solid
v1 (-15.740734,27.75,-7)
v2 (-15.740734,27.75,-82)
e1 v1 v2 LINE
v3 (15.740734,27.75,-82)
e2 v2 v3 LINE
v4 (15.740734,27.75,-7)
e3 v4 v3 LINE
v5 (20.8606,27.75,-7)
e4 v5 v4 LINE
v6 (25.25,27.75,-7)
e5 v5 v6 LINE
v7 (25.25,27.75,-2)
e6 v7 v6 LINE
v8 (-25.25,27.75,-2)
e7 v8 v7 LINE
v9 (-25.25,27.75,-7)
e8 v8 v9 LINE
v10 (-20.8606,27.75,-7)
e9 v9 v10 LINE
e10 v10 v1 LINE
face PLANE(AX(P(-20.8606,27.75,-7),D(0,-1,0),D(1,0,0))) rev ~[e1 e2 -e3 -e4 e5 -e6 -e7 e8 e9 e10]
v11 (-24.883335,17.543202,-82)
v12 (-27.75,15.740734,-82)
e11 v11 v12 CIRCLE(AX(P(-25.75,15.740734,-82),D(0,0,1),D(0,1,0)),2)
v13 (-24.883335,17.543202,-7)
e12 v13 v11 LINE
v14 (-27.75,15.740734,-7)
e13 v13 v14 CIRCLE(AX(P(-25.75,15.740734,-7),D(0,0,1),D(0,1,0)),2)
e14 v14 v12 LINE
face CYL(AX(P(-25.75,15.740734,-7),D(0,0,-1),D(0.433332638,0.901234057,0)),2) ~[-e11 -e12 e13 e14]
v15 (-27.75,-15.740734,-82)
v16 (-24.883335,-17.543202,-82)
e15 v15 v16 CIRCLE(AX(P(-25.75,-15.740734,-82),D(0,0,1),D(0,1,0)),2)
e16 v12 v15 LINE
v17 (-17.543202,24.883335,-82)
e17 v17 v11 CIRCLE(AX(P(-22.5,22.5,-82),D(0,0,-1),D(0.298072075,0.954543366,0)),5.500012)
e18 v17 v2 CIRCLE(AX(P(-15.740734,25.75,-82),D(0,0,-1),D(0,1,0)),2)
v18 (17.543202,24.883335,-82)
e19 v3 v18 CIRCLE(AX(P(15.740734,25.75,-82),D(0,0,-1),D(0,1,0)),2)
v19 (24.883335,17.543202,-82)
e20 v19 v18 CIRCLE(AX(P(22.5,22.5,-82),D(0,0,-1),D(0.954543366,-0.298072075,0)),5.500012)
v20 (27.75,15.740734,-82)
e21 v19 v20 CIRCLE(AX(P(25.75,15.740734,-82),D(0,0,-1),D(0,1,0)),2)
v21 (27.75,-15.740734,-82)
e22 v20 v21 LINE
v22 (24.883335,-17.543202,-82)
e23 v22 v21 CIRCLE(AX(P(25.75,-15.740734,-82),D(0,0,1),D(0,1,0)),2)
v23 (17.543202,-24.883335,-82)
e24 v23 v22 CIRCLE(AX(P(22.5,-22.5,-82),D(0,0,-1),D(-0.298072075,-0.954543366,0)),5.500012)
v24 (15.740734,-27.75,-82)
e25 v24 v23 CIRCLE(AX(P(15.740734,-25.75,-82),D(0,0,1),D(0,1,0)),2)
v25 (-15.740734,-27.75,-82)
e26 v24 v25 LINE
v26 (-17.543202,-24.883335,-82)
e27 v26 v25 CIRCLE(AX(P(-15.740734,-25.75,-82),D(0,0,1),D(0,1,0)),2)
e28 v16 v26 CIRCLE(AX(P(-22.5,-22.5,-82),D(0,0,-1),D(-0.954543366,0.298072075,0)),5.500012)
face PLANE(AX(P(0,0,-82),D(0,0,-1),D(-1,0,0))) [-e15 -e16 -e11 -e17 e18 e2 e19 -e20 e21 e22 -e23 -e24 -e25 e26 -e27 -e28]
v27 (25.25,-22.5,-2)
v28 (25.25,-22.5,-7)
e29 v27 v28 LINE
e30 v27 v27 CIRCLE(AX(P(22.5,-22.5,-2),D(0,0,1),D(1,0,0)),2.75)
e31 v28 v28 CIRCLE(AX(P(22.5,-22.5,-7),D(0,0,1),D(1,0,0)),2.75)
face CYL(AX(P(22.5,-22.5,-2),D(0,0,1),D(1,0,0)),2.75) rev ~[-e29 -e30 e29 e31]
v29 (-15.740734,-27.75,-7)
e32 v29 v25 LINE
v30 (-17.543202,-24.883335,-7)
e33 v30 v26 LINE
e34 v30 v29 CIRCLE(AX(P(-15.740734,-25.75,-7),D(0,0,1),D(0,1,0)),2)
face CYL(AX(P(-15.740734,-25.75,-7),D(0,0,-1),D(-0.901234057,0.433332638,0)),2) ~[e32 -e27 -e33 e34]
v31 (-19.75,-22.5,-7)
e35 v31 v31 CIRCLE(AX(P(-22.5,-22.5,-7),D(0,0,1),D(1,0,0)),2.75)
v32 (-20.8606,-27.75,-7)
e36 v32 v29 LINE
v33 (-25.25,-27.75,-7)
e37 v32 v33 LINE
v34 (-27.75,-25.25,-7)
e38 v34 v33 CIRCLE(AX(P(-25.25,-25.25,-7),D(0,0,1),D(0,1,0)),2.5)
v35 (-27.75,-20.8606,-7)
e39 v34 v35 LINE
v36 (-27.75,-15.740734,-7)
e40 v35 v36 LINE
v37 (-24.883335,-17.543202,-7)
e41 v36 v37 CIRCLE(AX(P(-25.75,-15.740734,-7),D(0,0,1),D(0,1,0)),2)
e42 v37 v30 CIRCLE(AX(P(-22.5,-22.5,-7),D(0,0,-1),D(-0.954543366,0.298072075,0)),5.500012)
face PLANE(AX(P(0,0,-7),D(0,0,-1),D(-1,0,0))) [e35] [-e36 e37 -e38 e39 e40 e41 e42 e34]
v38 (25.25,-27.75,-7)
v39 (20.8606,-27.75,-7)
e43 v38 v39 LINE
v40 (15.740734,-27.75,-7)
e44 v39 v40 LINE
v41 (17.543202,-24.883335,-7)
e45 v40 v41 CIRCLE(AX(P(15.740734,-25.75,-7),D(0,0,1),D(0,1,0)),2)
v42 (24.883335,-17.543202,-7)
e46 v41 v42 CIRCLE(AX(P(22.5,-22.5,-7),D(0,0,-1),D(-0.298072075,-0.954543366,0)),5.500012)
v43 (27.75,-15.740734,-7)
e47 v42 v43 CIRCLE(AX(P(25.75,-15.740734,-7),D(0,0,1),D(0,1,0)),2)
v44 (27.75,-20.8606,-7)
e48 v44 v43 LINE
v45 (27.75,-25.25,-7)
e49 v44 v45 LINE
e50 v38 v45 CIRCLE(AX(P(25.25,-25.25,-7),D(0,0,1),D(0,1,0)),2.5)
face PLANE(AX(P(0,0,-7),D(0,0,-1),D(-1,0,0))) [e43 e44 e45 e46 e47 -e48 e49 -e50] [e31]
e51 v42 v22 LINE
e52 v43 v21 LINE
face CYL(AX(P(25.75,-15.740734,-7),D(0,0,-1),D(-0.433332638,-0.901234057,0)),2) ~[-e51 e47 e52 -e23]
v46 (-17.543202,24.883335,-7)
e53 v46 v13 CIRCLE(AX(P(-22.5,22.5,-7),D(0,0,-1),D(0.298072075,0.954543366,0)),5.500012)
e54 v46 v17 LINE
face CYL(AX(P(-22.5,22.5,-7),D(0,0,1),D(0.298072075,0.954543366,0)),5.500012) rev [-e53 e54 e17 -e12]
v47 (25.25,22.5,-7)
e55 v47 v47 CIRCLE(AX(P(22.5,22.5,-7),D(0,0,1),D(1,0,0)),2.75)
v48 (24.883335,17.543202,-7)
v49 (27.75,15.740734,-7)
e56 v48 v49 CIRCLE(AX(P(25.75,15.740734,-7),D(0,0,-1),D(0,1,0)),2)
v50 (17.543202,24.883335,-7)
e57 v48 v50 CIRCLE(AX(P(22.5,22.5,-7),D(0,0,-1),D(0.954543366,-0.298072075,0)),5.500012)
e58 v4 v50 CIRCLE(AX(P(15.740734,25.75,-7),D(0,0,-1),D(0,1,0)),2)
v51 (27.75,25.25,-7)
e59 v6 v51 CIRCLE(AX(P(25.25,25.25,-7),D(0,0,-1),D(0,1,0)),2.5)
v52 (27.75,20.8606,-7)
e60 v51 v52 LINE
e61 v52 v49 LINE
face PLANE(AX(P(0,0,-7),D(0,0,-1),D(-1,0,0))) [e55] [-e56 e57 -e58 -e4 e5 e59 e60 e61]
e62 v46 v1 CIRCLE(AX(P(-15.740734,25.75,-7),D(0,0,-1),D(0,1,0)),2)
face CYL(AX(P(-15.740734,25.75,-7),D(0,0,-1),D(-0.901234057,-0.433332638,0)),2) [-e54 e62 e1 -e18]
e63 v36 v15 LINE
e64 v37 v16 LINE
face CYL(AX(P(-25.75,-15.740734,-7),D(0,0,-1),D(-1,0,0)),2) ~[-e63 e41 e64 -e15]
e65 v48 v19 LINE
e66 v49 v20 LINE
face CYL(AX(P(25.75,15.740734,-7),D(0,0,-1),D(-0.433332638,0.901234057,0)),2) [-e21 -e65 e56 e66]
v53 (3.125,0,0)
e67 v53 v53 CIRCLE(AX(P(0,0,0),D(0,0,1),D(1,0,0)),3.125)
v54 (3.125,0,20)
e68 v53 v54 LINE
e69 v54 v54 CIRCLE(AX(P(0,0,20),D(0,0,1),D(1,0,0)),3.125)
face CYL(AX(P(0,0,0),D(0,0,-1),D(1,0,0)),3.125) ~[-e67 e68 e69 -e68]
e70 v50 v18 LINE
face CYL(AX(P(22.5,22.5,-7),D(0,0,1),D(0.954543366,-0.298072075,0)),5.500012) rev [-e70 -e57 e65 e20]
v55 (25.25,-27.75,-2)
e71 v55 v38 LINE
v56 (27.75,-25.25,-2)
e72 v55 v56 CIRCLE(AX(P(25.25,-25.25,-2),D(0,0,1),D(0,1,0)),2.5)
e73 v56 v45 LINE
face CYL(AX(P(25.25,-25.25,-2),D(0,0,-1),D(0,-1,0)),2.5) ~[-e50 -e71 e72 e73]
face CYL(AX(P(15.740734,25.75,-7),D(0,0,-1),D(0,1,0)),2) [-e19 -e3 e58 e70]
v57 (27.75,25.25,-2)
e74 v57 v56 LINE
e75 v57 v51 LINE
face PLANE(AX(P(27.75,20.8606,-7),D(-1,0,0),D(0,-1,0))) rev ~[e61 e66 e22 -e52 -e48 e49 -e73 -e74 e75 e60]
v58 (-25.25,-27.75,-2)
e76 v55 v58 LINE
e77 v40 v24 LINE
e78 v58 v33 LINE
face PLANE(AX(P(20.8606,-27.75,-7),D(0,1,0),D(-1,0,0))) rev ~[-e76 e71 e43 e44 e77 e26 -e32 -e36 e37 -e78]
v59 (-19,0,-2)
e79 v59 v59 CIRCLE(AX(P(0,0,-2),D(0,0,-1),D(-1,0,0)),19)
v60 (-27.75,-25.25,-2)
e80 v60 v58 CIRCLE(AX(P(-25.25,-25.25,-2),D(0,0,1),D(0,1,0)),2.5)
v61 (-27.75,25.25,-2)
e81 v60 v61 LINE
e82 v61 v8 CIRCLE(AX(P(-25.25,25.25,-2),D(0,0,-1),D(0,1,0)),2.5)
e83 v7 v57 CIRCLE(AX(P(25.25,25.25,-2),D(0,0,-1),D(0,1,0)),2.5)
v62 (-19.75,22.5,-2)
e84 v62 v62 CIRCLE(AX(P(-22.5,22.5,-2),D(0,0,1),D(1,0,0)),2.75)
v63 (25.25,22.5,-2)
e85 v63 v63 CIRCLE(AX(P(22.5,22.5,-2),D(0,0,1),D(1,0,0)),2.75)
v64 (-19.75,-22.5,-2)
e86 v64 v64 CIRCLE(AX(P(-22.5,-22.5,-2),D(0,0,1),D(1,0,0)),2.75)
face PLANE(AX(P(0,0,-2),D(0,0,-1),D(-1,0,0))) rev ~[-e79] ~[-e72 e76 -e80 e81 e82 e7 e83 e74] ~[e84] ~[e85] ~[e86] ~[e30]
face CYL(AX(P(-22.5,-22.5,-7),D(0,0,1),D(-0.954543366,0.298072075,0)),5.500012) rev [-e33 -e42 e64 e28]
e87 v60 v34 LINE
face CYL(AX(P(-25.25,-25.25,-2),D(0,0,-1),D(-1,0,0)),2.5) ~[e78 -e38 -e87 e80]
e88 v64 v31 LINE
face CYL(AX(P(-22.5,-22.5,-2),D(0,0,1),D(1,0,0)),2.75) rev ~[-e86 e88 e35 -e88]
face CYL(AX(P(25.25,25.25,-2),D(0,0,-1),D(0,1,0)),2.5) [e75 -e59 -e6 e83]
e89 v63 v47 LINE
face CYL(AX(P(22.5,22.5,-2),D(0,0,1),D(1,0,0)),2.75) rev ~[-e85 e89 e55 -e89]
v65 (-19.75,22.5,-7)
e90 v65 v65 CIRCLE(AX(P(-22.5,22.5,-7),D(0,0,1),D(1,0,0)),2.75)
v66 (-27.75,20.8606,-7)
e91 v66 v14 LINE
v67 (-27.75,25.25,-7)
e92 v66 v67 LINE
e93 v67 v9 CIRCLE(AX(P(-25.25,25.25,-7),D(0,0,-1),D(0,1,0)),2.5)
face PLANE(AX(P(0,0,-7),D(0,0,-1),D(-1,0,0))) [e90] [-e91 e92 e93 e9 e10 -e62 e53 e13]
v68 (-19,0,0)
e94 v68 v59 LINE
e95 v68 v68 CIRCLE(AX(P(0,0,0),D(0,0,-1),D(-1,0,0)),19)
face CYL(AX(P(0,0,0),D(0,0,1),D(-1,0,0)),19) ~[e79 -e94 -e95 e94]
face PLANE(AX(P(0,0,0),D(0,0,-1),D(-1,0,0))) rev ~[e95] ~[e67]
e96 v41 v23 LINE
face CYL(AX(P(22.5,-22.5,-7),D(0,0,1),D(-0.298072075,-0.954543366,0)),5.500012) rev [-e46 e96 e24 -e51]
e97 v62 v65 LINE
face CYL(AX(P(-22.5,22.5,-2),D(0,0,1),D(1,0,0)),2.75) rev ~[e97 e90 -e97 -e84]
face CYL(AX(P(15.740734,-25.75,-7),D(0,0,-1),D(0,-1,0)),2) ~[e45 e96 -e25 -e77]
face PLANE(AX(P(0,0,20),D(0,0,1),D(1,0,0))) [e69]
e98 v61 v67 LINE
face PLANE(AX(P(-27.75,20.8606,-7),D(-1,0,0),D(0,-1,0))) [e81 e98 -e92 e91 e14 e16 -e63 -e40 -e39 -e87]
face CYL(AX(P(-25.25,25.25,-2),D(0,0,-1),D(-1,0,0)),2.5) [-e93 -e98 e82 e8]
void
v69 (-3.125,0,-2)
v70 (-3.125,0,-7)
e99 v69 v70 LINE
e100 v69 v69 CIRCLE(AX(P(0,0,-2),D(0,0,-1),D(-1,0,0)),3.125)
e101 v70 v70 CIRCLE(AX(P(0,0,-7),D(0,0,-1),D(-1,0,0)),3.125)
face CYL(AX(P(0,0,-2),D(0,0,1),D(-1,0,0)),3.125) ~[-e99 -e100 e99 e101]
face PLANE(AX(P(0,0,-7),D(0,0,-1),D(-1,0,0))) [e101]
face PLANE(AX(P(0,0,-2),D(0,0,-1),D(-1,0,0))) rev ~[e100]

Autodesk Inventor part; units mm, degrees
ref_plane "YZ Plane" through (0, 0, 0) normal (1, 0, 0) x (0, 1, 0)
ref_plane "XZ Plane" through (0, 0, 0) normal (0, 1, 0) x (-1, 0, 0)
ref_plane "XY Plane" through (0, 0, 0) normal (0, 0, 1) x (1, 0, 0)
sketch "Sketch1" plane through (0, 0, 0) normal (0, 0, 1) x (1, 0, 0)
  circle A0 centre (0, 0) radius 3.125
  dimension "d0" = 6.25
extrude "Extrusion1" add sketch "Sketch1" along normal blind 20
sketch "Sketch2" plane through (0, 0, 0) normal (0, 0, -1) x (-1, 0, 0)
  circle A0 centre (0, 0) radius 19
  dimension "d3" = 38
extrude "Extrusion2" add sketch "Sketch2" along normal blind 2
sketch "Sketch3" plane through (0, 0, -2) normal (0, 0, -1) x (-1, 0, 0)
  circle A0 centre (0, 0) radius 3.125 projected
  line L0 (27.75, 27.75) -> (-27.75, 27.75)
  line L1 (-27.75, 27.75) -> (-27.75, -27.75)
  line L2 (-27.75, -27.75) -> (27.75, -27.75)
  line L3 (27.75, -27.75) -> (27.75, 27.75)
  point P0 (27.75, 0)
  point P1 (0, 27.75)
  dimension "d6" = 55.5
extrude "Extrusion3" add sketch "Sketch3" along normal blind 5
fillet "Fillet1" radius 2.5 4 edges at (27.75, 27.75, -4.5) (-27.75, 27.75, -4.5) (-27.75, -27.75, -4.5) (27.75, -27.75, -4.5)
sketch "Sketch4" plane through (0, 0, -2) normal (0, 0, 1) x (1, 0, 0)
  arc A0 (25.25, -27.75) -> (27.75, -25.25) centre (25.25, -25.25) ccw projected
  line L0 (27.75, 25.25) -> (27.75, -25.25) projected
  arc A1 (27.75, 25.25) -> (25.25, 27.75) centre (25.25, 25.25) ccw projected
  line L1 (-25.25, 27.75) -> (25.25, 27.75) projected
  arc A2 (-25.25, 27.75) -> (-27.75, 25.25) centre (-25.25, 25.25) ccw projected
  line L2 (-27.75, -25.25) -> (-27.75, 25.25) projected
  arc A3 (-27.75, -25.25) -> (-25.25, -27.75) centre (-25.25, -25.25) ccw projected
  line L3 (25.25, -27.75) -> (-25.25, -27.75) projected
  circle A4 centre (0, 0) radius 19 projected
  line L4 (-22.5, 22.5) -> (22.5, 22.5) construction
  line L5 (22.5, 22.5) -> (22.5, -22.5) construction
  line L6 (22.5, -22.5) -> (-22.5, -22.5) construction
  line L7 (-22.5, -22.5) -> (-22.5, 22.5) construction
  circle A5 centre (22.5, 22.5) radius 2.75
  circle A6 centre (-22.5, 22.5) radius 2.75
  circle A7 centre (-22.5, -22.5) radius 2.75
  circle A8 centre (22.5, -22.5) radius 2.75
  point P0 (-22.5, 0)
  point P1 (0, 22.5)
  dimension "d10" = 45
  dimension "d11" = 5.5
extrude "Extrusion4" cut sketch "Sketch4" against normal through all contours A5 | A6 | A7 | A8
sketch "Sketch5" plane through (0, 0, -7) normal (0, 0, -1) x (-1, 0, 0)
  circle A0 centre (22.5, -22.5) radius 2.75 construction
  circle A1 centre (-22.5, 22.5) radius 2.75 construction
  circle A2 centre (22.5, 22.5) radius 2.75 construction
  circle A3 centre (-22.5, -22.5) radius 2.75 construction
  arc A4 (-27.75, -25.25) -> (-25.25, -27.75) centre (-25.25, -25.25) ccw construction
  line L0 (-25.25, -27.75) -> (25.25, -27.75) construction
  arc A5 (25.25, -27.75) -> (27.75, -25.25) centre (25.25, -25.25) ccw construction
  line L1 (27.75, -25.25) -> (27.75, 25.25) construction
  arc A6 (27.75, 25.25) -> (25.25, 27.75) centre (25.25, 25.25) ccw construction
  line L2 (25.25, 27.75) -> (-25.25, 27.75) construction
  arc A7 (-25.25, 27.75) -> (-27.75, 25.25) centre (-25.25, 25.25) ccw construction
  line L3 (-27.75, 25.25) -> (-27.75, -25.25) construction
  circle A8 centre (0, 0) radius 3.125 construction
  circle A9 centre (22.5, 22.5) radius 2.75 projected
  arc A10 (20.8606, 27.75) -> (27.75, 20.8606) centre (22.5, 22.5) ccw
  arc A11 (27.75, -20.8606) -> (20.8606, -27.75) centre (22.5, -22.5) ccw
  arc A12 (-20.8606, -27.75) -> (-27.75, -20.8606) centre (-22.5, -22.5) ccw
  arc A13 (-27.75, 20.8606) -> (-20.8606, 27.75) centre (-22.5, 22.5) ccw
  line L4 (27.75, 20.8606) -> (27.75, -20.8606)
  line L5 (20.8606, 27.75) -> (-20.8606, 27.75)
  line L6 (25.25, 27.75) -> (-25.25, 27.75) construction
  line L7 (-27.75, 20.8606) -> (-27.75, -20.8606)
  line L8 (-27.75, 25.25) -> (-27.75, -25.25) construction
  line L9 (-20.8606, -27.75) -> (20.8606, -27.75)
  dimension "d14" = 11
extrude "Extrusion5" add sketch "Sketch5" along normal blind 75 contours A10 L4 A11 L9 A12 L7 A13 L5
fillet "Fillet2" radius 2 8 edges at (20.8606, 27.75, -44.5) (27.75, 20.8606, -44.5) (-20.8606, 27.75, -44.5) (-27.75, 20.8606, -44.5) (20.8606, -27.75, -44.5) (27.75, -20.8606, -44.5) (-20.8606, -27.75, -44.5) (-27.75, -20.8606, -44.5)
properties part number "NEMA23" material "Titanium"
